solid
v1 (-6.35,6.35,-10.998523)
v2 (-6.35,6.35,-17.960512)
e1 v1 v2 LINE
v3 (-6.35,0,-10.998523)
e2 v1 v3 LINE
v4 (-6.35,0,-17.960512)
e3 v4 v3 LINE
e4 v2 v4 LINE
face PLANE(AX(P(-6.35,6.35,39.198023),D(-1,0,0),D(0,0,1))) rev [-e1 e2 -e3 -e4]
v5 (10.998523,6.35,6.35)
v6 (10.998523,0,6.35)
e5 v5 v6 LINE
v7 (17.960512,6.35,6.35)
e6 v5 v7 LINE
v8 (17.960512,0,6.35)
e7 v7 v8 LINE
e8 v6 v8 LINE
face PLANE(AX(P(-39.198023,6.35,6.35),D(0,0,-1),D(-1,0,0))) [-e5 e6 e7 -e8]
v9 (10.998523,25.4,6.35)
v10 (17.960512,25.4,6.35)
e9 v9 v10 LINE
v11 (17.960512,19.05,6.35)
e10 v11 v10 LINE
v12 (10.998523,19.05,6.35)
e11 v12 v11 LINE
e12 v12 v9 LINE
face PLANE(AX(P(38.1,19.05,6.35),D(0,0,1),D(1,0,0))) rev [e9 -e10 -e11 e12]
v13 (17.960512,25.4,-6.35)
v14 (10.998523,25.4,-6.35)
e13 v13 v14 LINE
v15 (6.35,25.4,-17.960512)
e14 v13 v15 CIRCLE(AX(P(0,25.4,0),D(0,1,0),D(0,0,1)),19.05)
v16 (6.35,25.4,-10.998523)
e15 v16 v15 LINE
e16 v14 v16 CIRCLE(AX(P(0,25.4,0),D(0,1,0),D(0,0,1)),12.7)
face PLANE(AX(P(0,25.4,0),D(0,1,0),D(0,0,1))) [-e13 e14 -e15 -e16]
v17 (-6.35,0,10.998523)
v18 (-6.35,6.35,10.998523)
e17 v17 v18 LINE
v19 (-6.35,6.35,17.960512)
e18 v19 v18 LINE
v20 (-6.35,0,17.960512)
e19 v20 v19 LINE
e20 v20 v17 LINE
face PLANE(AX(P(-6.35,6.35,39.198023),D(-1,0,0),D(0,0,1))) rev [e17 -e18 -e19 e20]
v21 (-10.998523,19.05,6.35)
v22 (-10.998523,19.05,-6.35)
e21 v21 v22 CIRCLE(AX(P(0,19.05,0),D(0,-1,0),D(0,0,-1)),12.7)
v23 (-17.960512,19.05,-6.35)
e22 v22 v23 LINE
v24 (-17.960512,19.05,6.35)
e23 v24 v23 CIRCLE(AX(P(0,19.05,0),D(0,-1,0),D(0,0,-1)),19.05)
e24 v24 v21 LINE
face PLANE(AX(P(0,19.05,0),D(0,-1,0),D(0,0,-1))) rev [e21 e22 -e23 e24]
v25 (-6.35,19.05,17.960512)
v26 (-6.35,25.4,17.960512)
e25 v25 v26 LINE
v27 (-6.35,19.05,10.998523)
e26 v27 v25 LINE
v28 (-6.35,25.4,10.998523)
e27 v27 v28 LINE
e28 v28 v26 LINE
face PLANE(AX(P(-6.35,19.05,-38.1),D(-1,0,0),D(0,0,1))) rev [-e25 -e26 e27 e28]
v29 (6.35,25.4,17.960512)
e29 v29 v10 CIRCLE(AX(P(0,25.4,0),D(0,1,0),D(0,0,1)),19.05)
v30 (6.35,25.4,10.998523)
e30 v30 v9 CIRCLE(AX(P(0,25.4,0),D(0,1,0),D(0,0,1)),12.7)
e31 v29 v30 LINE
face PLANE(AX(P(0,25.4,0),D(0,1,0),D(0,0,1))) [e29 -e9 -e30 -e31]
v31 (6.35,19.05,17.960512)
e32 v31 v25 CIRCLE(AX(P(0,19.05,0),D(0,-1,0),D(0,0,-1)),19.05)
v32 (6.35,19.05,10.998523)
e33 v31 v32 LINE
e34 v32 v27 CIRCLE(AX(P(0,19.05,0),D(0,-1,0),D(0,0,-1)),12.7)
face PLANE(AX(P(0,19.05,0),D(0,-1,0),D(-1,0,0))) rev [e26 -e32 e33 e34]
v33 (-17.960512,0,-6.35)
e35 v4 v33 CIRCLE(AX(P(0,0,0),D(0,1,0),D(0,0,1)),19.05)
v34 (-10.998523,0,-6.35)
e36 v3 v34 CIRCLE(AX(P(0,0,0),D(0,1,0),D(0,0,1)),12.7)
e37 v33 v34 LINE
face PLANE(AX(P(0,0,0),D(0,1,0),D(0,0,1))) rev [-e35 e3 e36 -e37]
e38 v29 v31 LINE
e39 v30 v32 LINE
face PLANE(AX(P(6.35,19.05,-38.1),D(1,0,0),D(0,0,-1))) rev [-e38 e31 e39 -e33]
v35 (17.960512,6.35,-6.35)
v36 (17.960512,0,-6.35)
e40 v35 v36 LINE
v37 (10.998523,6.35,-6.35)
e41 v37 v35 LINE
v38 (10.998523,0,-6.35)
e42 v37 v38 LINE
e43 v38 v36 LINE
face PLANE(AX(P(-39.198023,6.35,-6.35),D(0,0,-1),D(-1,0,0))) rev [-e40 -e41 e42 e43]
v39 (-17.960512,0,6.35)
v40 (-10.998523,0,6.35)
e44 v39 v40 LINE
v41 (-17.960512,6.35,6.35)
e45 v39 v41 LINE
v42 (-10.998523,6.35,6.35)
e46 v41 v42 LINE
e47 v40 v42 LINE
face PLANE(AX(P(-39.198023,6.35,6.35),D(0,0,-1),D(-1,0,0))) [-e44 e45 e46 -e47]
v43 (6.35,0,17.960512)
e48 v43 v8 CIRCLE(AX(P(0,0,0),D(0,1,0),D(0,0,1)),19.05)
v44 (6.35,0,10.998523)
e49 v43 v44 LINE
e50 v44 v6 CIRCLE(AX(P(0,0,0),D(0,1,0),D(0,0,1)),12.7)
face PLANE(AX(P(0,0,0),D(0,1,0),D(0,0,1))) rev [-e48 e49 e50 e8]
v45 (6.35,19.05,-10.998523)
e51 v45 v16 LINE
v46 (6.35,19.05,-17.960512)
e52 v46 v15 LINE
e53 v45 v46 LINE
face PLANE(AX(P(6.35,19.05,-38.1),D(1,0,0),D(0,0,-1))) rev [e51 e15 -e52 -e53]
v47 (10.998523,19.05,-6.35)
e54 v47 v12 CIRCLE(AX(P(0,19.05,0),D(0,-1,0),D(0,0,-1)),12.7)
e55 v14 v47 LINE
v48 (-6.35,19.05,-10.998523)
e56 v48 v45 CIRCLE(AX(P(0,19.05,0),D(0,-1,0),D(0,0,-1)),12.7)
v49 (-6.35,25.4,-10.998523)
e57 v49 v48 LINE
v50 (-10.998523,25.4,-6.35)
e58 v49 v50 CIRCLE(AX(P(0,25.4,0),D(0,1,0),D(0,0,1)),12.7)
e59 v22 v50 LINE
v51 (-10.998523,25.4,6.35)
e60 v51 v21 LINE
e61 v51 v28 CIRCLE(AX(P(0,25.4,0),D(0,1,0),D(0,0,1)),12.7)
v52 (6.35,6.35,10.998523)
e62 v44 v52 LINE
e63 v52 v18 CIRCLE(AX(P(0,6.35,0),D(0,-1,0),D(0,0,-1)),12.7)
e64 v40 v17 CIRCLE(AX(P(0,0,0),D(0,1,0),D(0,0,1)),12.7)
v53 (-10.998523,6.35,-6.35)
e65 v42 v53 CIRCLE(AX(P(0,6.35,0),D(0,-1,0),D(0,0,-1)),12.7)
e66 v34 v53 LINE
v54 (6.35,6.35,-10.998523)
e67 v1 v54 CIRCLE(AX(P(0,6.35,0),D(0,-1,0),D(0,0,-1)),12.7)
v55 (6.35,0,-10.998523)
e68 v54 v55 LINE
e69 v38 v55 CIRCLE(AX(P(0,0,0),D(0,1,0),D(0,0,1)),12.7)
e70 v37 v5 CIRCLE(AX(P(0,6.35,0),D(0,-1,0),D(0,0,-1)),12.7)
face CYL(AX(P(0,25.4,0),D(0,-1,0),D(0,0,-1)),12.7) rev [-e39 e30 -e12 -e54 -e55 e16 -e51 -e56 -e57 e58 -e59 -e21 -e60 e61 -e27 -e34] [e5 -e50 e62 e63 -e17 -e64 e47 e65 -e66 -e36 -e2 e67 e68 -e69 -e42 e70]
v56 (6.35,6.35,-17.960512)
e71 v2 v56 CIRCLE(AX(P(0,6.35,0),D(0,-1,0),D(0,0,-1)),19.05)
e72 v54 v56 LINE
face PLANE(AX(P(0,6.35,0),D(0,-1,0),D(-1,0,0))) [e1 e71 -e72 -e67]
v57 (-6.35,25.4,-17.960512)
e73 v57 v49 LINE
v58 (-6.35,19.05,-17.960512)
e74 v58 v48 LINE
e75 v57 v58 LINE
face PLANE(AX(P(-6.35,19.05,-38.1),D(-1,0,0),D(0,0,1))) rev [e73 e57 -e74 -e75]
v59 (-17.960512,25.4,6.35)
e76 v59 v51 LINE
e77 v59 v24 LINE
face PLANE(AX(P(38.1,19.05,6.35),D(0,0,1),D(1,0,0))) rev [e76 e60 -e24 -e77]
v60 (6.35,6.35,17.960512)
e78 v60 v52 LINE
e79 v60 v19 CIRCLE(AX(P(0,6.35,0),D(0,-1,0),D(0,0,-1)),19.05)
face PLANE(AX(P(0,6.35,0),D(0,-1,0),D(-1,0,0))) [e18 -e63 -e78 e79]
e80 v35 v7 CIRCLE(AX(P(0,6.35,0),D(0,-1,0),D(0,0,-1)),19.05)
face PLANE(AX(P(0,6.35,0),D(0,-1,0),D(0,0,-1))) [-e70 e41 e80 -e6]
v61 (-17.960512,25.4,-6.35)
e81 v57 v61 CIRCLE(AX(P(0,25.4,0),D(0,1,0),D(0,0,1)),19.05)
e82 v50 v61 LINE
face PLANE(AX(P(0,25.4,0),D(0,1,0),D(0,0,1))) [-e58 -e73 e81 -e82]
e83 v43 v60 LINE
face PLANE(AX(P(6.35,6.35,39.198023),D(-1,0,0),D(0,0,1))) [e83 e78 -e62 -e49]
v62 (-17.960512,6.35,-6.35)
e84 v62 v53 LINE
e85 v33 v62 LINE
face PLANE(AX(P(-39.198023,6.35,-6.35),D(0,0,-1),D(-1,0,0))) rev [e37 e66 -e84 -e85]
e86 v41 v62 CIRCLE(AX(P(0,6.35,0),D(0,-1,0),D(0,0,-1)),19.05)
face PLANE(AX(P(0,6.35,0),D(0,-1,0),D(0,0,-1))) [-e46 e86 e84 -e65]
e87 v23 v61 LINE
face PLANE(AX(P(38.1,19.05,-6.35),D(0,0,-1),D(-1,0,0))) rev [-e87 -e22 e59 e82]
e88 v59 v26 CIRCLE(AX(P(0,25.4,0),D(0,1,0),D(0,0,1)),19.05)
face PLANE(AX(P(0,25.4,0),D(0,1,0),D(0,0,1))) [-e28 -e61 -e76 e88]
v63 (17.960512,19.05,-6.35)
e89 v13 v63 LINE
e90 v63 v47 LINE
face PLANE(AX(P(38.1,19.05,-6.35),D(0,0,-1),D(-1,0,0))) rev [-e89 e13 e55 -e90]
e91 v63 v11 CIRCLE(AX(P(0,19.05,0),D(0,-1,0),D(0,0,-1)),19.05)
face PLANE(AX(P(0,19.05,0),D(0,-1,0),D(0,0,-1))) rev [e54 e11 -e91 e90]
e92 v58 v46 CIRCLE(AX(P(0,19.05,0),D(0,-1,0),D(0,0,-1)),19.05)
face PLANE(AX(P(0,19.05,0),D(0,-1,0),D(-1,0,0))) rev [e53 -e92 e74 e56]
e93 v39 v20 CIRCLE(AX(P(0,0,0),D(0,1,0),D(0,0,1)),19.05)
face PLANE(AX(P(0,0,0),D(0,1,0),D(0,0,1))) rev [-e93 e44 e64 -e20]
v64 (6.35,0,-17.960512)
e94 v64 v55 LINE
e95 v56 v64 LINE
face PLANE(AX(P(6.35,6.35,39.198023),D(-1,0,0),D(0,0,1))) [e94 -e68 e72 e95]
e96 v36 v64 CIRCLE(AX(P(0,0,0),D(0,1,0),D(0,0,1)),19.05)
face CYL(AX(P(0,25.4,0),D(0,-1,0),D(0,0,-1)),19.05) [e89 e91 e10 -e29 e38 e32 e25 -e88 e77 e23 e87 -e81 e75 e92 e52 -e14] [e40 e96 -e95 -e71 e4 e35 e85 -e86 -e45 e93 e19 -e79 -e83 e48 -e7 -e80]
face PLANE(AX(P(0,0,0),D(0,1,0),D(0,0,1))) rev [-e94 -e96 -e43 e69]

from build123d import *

# Parameters (mm, degrees)
SKETCH2_R           = 19.05
SKETCH2_R_2         = 12.7
BOSS_EXTRUDE2_DEPTH = 25.4
SKETCH4_W           = 76.2
SKETCH4_H           = 12.7
CUT_EXTRUDE7_DEPTH  = 6.35
CIRPATTERN1_COUNT   = 2
CIRPATTERN1_ANGLE   = 90
SKETCH8_W           = 78.396046772
SKETCH8_H           = 12.7
CUT_EXTRUDE9_DEPTH  = 6.35
CIRPATTERN2_COUNT   = 2
CIRPATTERN2_ANGLE   = 90


with BuildPart() as part:
    # Sketch2 → Boss-Extrude2 (new body)
    with BuildSketch(Plane(origin=(0, 0, 0), x_dir=(1, 0, 0), z_dir=(0, 1, 0))):
        with Locations(Location((0, 0, 0), (0, 0, 270))):
            Circle(SKETCH2_R)
        with Locations(Location((0, 0, 0), (0, 0, 270))):
            Circle(SKETCH2_R_2, mode=Mode.SUBTRACT)
    extrude(amount=BOSS_EXTRUDE2_DEPTH)

    # Sketch4 → Cut-Extrude7 (cut)
    with BuildSketch(Plane(origin=(0, 25.4, 0), x_dir=(1, 0, 0), z_dir=(0, 1, 0))):
        Rectangle(SKETCH4_W, SKETCH4_H)
    cut_extrude7 = extrude(amount=-CUT_EXTRUDE7_DEPTH, mode=Mode.SUBTRACT)

    # CirPattern1: Cut-Extrude7 ×2 about axis
    cirpattern1_axis = Axis((0, 25.4, 0), (0, 1, 0))
    for i in range(1, CIRPATTERN1_COUNT):
        add(cut_extrude7.rotate(cirpattern1_axis, i * CIRPATTERN1_ANGLE / (CIRPATTERN1_COUNT - 1)), mode=Mode.SUBTRACT)

    # Sketch8 → Cut-Extrude9 (cut)
    with BuildSketch(Plane.XZ):
        Rectangle(SKETCH8_W, SKETCH8_H)
    cut_extrude9 = extrude(amount=-CUT_EXTRUDE9_DEPTH, mode=Mode.SUBTRACT)

    # CirPattern2: Cut-Extrude9 ×2 about axis
    cirpattern2_axis = Axis((0, 25.4, 0), (0, -1, 0))
    for i in range(1, CIRPATTERN2_COUNT):
        add(cut_extrude9.rotate(cirpattern2_axis, i * CIRPATTERN2_ANGLE / (CIRPATTERN2_COUNT - 1)), mode=Mode.SUBTRACT)


solid = part.part
